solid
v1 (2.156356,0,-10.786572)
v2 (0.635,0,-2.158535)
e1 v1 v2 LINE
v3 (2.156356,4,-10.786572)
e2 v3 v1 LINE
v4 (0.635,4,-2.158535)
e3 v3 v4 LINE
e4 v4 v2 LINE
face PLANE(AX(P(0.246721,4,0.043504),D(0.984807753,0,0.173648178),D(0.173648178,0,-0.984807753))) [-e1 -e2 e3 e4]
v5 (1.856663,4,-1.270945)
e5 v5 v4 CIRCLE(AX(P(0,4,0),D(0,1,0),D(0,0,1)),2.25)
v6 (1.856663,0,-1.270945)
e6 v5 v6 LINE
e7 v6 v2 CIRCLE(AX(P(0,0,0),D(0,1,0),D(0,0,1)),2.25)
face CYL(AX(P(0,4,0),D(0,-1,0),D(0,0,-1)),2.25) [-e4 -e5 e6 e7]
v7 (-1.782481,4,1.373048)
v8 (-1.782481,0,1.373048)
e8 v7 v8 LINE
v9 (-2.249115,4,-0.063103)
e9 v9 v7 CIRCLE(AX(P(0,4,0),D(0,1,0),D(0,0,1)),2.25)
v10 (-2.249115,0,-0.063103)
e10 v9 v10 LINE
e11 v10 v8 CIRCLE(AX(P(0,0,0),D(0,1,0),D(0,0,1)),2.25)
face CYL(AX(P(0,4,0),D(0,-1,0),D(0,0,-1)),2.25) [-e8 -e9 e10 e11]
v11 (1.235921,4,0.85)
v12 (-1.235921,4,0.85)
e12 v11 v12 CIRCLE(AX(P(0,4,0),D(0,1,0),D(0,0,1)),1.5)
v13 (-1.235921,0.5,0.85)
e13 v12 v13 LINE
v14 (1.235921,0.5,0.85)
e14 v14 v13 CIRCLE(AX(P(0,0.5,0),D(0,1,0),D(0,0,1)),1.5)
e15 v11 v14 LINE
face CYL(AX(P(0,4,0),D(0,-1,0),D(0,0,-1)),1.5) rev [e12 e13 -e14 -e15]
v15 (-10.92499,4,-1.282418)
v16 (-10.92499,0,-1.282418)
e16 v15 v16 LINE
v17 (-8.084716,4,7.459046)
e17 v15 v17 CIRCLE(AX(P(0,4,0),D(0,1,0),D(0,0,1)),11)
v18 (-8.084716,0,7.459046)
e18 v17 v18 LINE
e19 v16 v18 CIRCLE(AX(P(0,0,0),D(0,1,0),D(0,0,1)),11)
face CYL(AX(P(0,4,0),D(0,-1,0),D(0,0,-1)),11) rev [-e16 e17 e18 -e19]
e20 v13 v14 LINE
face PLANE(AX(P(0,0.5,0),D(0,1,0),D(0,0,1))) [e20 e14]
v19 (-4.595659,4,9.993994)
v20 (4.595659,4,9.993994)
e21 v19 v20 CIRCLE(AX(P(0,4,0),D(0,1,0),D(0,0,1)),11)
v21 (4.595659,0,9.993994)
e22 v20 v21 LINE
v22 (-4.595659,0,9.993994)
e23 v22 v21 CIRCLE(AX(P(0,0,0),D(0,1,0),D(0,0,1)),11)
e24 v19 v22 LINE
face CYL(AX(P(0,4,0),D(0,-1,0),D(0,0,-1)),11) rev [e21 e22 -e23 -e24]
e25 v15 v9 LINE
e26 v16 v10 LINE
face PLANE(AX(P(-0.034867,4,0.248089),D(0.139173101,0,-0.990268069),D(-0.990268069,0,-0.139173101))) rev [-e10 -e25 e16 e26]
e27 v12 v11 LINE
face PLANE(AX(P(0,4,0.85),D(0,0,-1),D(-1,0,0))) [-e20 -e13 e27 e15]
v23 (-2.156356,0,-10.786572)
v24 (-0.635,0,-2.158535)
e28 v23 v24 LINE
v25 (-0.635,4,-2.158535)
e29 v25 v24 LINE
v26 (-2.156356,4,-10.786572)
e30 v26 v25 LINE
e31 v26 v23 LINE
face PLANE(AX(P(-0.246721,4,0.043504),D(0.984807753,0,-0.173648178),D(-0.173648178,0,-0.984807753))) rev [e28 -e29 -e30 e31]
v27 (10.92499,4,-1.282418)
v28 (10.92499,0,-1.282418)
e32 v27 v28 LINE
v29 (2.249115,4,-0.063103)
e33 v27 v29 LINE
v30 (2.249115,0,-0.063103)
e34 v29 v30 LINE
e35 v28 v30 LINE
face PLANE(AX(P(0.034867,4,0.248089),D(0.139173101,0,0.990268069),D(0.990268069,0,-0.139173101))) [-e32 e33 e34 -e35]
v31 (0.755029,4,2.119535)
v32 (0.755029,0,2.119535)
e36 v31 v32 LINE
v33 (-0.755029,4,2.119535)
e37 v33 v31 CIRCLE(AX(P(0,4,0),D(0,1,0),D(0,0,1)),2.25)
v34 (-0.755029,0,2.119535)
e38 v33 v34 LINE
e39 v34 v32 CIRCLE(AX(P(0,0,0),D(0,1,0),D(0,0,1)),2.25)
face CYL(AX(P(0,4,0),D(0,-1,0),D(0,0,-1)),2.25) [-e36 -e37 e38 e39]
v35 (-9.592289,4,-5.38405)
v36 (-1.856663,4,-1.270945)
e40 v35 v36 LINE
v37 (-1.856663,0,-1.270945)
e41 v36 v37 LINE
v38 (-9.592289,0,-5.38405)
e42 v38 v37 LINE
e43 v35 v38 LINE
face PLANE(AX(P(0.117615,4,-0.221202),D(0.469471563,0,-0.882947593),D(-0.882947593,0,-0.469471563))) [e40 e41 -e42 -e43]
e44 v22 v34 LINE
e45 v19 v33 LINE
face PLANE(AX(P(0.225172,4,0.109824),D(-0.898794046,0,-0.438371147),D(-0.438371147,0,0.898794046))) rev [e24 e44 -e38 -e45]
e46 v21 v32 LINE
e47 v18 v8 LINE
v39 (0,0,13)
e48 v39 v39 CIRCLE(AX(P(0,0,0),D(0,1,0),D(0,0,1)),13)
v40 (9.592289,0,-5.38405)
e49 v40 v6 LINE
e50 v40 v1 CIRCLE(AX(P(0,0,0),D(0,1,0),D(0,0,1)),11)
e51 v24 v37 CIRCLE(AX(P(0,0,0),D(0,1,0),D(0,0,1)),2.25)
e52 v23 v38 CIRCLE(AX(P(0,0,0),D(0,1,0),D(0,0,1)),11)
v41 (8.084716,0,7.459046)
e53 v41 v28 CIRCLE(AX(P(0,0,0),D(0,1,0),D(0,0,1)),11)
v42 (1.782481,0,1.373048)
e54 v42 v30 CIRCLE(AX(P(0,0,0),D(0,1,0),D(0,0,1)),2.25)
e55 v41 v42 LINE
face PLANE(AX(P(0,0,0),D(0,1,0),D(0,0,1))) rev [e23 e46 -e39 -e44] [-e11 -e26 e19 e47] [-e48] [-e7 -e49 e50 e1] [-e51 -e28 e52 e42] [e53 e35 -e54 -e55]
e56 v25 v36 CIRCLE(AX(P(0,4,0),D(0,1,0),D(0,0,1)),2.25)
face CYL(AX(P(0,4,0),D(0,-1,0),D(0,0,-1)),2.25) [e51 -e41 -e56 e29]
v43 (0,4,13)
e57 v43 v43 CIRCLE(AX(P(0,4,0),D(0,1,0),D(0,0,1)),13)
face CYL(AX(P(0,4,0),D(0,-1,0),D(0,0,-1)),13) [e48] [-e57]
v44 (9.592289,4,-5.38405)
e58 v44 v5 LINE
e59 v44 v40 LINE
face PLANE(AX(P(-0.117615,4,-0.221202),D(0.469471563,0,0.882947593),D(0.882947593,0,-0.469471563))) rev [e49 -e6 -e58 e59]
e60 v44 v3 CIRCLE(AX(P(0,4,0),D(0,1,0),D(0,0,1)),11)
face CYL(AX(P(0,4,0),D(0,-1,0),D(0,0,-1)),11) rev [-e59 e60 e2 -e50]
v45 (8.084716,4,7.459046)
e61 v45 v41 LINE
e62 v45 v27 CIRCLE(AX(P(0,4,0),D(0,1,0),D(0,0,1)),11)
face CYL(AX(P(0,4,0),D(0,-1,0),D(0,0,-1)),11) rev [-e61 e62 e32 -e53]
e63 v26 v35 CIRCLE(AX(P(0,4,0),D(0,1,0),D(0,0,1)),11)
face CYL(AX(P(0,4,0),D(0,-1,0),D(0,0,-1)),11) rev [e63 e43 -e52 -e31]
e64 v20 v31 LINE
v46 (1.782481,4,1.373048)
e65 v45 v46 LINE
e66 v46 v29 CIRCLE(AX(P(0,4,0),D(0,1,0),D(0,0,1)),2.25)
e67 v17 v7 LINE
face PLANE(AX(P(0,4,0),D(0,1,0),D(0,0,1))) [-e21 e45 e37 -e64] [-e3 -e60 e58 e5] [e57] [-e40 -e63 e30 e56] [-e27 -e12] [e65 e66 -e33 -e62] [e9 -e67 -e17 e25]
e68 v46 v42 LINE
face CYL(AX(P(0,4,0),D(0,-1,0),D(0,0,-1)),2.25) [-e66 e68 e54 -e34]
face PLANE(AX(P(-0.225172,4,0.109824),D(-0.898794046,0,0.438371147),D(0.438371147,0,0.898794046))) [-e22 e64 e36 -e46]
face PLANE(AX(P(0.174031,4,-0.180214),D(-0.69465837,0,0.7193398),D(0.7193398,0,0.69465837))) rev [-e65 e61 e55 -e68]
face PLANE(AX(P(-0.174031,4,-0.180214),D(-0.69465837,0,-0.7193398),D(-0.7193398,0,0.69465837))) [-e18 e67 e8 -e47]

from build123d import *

# Parameters (mm, degrees)
SKETCH1_R           = 13
BOSS_EXTRUDE1_DEPTH = 4
SKETCH1_4_R         = 1.5
BOSS_EXTRUDE2_DEPTH = 0.5


with BuildPart() as part:
    # Sketch1 → Boss-Extrude1 (new body)
    with BuildSketch(Plane(origin=(0, 0, 0), x_dir=(1, 0, 0), z_dir=(0, 1, 0))):
        Circle(SKETCH1_R)
        with BuildLine():
            Line((1.235920709, -0.85), (-1.235920709, -0.85))
            ThreePointArc((-1.235920709, -0.85), (0, 1.5), (1.235920709, -0.85))
        make_face(mode=Mode.SUBTRACT)
        with BuildLine():
            ThreePointArc((1.85666335, 1.270945004), (1.322516818, 1.820288237), (0.635, 2.158535383))
            Line((0.635, 2.158535383), (2.156355605, 10.786571768))
            ThreePointArc((2.156355605, 10.786571768), (6.465637775, 8.899186938), (9.59228884, 5.384050037))
            Line((9.59228884, 5.384050037), (1.85666335, 1.270945004))
        make_face(mode=Mode.SUBTRACT)
        with BuildLine():
            Line((2.249114933, 0.063103228), (10.924989896, 1.282417938))
            ThreePointArc((10.924989896, 1.282417938), (10.461621679, -3.399186938), (8.084716138, -7.459045848))
            Line((8.084716138, -7.459045848), (1.782481056, -1.373048173))
            ThreePointArc((1.782481056, -1.373048173), (2.139877162, -0.695288237), (2.249114933, 0.063103228))
        make_face(mode=Mode.SUBTRACT)
        with BuildLine():
            ThreePointArc((-0.755029473, -2.119535443), (0, -2.25), (0.755029473, -2.119535443))
            Line((0.755029473, -2.119535443), (4.595659477, -9.993993895))
            ThreePointArc((4.595659477, -9.993993895), (0, -11), (-4.595659477, -9.993993895))
            Line((-4.595659477, -9.993993895), (-0.755029473, -2.119535443))
        make_face(mode=Mode.SUBTRACT)
        with BuildLine():
            ThreePointArc((-2.249114933, 0.063103228), (-2.139877162, -0.695288237), (-1.782481056, -1.373048173))
            Line((-1.782481056, -1.373048173), (-8.084716138, -7.459045848))
            ThreePointArc((-8.084716138, -7.459045848), (-10.461621679, -3.399186938), (-10.924989896, 1.282417938))
            Line((-10.924989896, 1.282417938), (-2.249114933, 0.063103228))
        make_face(mode=Mode.SUBTRACT)
        with BuildLine():
            ThreePointArc((-0.635, 2.158535383), (-1.322516818, 1.820288237), (-1.85666335, 1.270945004))
            Line((-1.85666335, 1.270945004), (-9.59228884, 5.384050037))
            ThreePointArc((-9.59228884, 5.384050037), (-6.465637775, 8.899186938), (-2.156355605, 10.786571768))
            Line((-2.156355605, 10.786571768), (-0.635, 2.158535383))
        make_face(mode=Mode.SUBTRACT)
    extrude(amount=BOSS_EXTRUDE1_DEPTH)

    # Sketch1<4> → Boss-Extrude2 (add)
    with BuildSketch(Plane(origin=(0, 0, 0), x_dir=(1, 0, 0), z_dir=(0, 1, 0))):
        Circle(SKETCH1_4_R)
    extrude(amount=BOSS_EXTRUDE2_DEPTH)


solid = part.part
